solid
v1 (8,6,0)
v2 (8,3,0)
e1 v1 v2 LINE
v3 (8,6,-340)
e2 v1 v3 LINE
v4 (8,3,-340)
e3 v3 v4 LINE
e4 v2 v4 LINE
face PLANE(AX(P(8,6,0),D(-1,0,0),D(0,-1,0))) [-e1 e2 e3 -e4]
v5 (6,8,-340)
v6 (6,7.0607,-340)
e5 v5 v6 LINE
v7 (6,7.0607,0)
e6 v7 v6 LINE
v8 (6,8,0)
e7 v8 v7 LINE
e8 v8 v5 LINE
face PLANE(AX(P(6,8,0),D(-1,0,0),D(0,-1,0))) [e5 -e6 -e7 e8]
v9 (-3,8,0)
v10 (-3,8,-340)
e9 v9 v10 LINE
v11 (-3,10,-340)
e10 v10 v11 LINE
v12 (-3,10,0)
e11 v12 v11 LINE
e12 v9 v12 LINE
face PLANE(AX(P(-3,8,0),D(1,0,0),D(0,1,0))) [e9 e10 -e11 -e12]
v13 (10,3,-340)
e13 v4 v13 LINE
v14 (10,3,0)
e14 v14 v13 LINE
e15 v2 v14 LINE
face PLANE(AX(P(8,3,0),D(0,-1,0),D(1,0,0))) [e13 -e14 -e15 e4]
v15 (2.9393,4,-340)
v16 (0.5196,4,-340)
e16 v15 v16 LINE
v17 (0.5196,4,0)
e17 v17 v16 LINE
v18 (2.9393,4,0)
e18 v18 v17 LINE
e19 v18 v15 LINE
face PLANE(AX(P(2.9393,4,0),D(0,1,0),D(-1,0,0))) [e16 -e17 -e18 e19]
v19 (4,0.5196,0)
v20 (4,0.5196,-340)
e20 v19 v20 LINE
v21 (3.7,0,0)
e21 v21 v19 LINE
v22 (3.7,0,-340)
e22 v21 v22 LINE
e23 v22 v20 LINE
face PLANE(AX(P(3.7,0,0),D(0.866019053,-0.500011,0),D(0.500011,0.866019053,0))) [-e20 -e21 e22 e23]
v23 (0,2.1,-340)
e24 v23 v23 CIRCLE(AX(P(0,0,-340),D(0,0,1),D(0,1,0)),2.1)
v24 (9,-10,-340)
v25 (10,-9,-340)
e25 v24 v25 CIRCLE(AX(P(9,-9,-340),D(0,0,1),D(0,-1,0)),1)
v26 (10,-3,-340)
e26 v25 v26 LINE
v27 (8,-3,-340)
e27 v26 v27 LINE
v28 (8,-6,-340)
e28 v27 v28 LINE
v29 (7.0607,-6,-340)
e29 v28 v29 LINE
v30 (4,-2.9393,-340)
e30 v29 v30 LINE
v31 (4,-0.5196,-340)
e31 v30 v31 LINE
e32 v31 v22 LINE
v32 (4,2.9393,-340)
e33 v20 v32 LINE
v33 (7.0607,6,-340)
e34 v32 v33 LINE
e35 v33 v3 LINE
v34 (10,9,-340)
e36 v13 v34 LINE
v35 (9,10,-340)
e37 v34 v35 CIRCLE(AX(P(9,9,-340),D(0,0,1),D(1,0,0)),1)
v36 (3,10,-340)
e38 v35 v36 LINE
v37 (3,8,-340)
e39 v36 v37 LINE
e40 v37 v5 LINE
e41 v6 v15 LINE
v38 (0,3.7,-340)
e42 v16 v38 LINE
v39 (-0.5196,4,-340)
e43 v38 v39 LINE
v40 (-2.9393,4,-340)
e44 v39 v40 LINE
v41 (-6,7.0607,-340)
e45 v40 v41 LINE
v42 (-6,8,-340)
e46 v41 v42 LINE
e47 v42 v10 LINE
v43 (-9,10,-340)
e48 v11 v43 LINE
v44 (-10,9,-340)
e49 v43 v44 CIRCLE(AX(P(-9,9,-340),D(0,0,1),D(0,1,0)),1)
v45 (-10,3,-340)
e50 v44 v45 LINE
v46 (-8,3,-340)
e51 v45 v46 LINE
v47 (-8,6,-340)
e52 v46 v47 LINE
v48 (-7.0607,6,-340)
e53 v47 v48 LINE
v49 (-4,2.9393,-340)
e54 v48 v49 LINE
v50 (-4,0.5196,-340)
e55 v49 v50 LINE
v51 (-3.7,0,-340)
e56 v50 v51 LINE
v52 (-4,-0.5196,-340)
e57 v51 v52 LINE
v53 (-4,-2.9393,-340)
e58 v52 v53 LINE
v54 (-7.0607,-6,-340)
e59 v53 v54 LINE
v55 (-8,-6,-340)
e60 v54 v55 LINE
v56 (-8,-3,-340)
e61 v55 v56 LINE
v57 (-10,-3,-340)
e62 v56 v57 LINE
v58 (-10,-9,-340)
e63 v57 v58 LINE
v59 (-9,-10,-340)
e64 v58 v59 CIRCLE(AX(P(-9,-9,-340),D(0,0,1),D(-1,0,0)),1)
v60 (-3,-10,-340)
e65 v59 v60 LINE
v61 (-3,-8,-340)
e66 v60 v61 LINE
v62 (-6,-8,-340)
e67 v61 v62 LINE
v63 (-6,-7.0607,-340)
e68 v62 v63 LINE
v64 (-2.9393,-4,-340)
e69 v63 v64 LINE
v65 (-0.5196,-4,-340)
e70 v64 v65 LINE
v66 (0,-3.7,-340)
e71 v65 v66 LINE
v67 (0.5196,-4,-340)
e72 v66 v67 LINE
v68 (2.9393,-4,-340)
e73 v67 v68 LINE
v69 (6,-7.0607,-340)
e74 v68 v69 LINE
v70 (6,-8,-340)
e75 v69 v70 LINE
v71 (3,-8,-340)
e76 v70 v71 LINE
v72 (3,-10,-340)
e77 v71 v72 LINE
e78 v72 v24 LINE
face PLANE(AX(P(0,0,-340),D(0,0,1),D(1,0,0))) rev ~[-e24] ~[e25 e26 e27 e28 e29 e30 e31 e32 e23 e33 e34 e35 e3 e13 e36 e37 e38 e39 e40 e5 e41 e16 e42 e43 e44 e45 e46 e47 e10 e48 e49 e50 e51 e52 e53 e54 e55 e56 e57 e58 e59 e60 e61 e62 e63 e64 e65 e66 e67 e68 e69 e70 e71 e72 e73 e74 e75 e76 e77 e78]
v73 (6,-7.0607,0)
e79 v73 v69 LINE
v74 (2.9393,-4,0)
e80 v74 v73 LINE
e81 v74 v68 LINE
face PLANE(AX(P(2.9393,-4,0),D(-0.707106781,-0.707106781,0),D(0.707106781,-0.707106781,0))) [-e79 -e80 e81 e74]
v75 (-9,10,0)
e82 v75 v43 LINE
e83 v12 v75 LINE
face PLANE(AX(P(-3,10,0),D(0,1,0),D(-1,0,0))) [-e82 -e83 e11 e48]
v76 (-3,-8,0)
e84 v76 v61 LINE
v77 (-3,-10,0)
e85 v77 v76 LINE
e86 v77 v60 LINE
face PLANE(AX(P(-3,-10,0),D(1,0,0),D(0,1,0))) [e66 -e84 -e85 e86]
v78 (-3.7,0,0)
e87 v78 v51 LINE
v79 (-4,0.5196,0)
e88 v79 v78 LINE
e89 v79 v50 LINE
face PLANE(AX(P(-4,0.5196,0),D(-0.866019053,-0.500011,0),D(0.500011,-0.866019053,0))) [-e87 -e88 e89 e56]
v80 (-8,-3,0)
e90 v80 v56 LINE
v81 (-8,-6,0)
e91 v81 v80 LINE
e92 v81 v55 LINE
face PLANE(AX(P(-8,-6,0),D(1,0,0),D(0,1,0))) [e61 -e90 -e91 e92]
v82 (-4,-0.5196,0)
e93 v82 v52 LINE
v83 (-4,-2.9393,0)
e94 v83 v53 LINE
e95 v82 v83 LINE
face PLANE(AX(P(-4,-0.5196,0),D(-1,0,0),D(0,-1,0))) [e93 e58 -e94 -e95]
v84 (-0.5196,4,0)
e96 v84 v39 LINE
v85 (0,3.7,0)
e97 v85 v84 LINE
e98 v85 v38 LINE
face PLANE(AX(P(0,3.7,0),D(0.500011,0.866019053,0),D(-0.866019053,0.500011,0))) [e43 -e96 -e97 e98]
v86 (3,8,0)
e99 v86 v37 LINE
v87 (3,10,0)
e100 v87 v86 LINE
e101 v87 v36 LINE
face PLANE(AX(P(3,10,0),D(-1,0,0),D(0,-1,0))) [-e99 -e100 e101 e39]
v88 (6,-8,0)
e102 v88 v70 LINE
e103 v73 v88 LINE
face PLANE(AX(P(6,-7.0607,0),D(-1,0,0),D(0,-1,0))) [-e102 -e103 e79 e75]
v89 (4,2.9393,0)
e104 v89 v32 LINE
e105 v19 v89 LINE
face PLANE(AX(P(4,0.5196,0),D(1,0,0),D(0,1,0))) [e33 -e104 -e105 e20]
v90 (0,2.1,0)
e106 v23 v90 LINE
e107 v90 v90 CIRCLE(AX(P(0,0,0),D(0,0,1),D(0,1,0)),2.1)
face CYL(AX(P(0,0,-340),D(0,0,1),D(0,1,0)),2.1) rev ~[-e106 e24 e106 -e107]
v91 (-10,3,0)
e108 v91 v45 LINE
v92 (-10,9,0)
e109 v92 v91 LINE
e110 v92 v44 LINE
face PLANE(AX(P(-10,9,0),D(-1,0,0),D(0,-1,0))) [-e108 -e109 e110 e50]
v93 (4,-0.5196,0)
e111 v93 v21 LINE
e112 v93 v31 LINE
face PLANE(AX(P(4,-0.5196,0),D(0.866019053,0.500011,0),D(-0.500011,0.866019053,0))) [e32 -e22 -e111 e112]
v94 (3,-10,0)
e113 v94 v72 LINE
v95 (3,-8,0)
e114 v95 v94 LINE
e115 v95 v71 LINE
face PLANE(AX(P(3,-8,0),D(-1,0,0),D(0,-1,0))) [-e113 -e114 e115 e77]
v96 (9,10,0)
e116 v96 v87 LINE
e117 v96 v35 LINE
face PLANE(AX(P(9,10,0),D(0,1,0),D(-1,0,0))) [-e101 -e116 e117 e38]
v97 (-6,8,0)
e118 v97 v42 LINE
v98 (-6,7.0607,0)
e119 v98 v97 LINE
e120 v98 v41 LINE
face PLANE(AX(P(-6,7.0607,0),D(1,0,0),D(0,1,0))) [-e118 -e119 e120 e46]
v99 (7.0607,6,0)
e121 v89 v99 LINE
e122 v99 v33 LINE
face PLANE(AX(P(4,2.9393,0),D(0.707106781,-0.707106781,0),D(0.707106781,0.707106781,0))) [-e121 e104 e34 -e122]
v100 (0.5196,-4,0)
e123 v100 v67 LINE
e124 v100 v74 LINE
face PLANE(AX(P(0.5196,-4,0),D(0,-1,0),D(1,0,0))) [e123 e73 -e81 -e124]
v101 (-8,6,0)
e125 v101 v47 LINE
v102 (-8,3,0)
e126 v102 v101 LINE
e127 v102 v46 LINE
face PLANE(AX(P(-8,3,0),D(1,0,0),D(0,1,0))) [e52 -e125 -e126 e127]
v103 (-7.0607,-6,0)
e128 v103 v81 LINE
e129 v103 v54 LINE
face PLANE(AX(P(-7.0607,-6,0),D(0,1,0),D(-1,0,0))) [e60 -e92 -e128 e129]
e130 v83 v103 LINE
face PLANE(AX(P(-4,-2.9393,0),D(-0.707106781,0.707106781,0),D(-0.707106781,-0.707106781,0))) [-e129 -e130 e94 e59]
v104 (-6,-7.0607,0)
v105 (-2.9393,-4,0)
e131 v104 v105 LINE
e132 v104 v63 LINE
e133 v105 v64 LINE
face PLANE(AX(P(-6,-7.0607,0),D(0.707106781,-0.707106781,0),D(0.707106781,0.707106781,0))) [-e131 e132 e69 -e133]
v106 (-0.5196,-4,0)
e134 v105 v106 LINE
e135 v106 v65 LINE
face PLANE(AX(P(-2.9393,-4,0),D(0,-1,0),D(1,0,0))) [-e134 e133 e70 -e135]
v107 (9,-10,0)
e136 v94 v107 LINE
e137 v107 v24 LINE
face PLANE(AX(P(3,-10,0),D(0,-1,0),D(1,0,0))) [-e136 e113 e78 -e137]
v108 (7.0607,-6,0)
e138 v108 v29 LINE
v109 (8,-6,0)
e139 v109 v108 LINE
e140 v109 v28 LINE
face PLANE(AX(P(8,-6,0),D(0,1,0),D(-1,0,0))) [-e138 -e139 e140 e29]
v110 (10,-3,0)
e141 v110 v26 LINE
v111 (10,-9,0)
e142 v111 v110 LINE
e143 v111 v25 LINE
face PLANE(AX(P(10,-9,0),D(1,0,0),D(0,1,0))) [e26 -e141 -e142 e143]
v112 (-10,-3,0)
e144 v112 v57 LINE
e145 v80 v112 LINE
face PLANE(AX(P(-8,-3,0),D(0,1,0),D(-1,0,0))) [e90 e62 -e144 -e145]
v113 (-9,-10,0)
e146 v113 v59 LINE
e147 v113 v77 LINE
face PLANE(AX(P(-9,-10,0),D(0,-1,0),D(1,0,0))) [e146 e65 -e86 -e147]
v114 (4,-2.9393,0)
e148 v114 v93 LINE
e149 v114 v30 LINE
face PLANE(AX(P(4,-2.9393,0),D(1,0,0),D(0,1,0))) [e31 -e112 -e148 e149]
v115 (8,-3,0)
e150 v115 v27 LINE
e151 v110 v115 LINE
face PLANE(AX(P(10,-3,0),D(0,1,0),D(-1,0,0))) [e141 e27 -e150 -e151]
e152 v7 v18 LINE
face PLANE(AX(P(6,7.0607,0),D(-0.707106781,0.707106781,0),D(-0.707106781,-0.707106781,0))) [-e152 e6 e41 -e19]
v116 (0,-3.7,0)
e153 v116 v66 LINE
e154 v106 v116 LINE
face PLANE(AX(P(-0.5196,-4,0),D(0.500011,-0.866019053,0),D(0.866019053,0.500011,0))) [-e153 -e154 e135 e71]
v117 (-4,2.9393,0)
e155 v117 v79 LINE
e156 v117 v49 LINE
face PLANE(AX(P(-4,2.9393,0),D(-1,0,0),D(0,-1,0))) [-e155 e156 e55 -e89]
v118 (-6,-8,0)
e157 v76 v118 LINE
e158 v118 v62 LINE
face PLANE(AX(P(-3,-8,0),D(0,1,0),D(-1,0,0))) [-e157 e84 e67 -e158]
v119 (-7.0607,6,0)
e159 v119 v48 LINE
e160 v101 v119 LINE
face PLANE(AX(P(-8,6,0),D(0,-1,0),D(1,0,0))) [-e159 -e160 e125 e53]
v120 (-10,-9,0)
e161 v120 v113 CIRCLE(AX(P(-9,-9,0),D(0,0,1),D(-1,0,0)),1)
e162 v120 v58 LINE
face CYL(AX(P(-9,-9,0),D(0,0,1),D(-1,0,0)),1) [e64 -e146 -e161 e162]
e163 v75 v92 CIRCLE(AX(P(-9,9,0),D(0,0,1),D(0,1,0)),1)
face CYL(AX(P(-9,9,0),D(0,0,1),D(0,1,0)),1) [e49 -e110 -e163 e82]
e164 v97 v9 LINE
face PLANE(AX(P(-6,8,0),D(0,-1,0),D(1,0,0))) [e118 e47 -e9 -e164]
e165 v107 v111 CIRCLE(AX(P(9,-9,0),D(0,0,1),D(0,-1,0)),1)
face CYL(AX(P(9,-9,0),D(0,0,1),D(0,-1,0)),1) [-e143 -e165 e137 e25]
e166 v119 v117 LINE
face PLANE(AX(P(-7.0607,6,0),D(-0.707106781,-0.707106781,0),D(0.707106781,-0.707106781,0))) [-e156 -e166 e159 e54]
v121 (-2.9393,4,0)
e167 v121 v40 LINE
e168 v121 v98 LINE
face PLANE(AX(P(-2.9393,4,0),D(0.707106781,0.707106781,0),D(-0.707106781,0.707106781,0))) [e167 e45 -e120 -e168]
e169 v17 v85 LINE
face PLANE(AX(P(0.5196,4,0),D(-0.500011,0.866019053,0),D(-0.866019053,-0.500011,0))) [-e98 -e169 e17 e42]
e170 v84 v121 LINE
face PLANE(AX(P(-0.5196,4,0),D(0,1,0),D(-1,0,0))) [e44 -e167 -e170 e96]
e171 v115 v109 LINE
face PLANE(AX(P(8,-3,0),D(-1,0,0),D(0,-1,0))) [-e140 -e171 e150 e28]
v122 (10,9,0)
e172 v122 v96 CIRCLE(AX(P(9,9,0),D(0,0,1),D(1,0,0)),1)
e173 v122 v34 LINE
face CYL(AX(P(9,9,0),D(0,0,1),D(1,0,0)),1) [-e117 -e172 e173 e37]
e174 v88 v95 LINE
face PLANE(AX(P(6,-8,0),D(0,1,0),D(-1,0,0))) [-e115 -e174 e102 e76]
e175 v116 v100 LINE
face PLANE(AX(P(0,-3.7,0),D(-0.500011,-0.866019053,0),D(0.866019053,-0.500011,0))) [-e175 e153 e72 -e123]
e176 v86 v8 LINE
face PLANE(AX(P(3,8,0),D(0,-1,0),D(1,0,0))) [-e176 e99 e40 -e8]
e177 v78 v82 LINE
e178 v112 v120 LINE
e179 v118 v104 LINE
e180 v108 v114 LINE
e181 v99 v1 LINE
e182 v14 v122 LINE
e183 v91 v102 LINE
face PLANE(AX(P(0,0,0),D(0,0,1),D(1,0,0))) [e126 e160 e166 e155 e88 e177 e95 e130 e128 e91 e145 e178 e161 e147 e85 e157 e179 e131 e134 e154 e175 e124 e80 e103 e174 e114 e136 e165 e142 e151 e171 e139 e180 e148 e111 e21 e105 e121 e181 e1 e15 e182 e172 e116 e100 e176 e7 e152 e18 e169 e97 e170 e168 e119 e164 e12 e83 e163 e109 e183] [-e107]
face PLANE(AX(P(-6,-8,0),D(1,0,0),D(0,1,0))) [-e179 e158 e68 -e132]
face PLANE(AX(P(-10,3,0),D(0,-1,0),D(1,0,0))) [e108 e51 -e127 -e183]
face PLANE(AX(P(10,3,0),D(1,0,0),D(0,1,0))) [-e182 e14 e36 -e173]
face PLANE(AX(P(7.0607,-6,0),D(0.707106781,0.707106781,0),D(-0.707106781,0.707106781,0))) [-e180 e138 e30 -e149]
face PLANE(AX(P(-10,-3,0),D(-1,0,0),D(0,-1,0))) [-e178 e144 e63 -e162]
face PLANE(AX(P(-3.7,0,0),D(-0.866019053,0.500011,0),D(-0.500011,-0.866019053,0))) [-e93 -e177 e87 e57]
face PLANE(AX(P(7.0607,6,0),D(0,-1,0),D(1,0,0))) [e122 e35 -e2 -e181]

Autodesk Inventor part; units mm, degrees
sketch "Sketch_1" plane through (0, 0, 0) normal (0, 0, 1) x (1, 0, 0)
  line L0 (-10, -3) -> (-10, -9)
  arc A0 (-10, -9) -> (-9, -10) centre (-9, -9) ccw
  line L1 (-9, -10) -> (-3, -10)
  line L2 (-3, -10) -> (-3, -8)
  line L3 (-3, -8) -> (-6, -8)
  line L4 (-6, -8) -> (-6, -7.0607)
  line L5 (-6, -7.0607) -> (-2.9393, -4)
  line L6 (-2.9393, -4) -> (-0.5196, -4)
  line L7 (-0.5196, -4) -> (0, -3.7)
  line L8 (0, -3.7) -> (0.5196, -4)
  line L9 (0.5196, -4) -> (2.9393, -4)
  line L10 (2.9393, -4) -> (6, -7.0607)
  line L11 (6, -7.0607) -> (6, -8)
  line L12 (6, -8) -> (3, -8)
  line L13 (3, -8) -> (3, -10)
  line L14 (3, -10) -> (9, -10)
  arc A1 (9, -10) -> (10, -9) centre (9, -9) ccw
  line L15 (10, -9) -> (10, -3)
  line L16 (10, -3) -> (8, -3)
  line L17 (8, -3) -> (8, -6)
  line L18 (8, -6) -> (7.0607, -6)
  line L19 (7.0607, -6) -> (4, -2.9393)
  line L20 (4, -2.9393) -> (4, -0.5196)
  line L21 (4, -0.5196) -> (3.7, 0)
  line L22 (3.7, 0) -> (4, 0.5196)
  line L23 (4, 0.5196) -> (4, 2.9393)
  line L24 (4, 2.9393) -> (7.0607, 6)
  line L25 (7.0607, 6) -> (8, 6)
  line L26 (8, 6) -> (8, 3)
  line L27 (8, 3) -> (10, 3)
  line L28 (10, 3) -> (10, 9)
  arc A2 (10, 9) -> (9, 10) centre (9, 9) ccw
  line L29 (9, 10) -> (3, 10)
  line L30 (3, 10) -> (3, 8)
  line L31 (3, 8) -> (6, 8)
  line L32 (6, 8) -> (6, 7.0607)
  line L33 (6, 7.0607) -> (2.9393, 4)
  line L34 (2.9393, 4) -> (0.5196, 4)
  line L35 (0.5196, 4) -> (0, 3.7)
  line L36 (0, 3.7) -> (-0.5196, 4)
  line L37 (-0.5196, 4) -> (-2.9393, 4)
  line L38 (-2.9393, 4) -> (-6, 7.0607)
  line L39 (-6, 7.0607) -> (-6, 8)
  line L40 (-6, 8) -> (-3, 8)
  line L41 (-3, 8) -> (-3, 10)
  line L42 (-3, 10) -> (-9, 10)
  arc A3 (-9, 10) -> (-10, 9) centre (-9, 9) ccw
  line L43 (-10, 9) -> (-10, 3)
  line L44 (-10, 3) -> (-8, 3)
  line L45 (-8, 3) -> (-8, 6)
  line L46 (-8, 6) -> (-7.0607, 6)
  line L47 (-7.0607, 6) -> (-4, 2.9393)
  line L48 (-4, 2.9393) -> (-4, 0.5196)
  line L49 (-4, 0.5196) -> (-3.7, 0)
  line L50 (-3.7, 0) -> (-4, -0.5196)
  line L51 (-4, -0.5196) -> (-4, -2.9393)
  line L52 (-4, -2.9393) -> (-7.0607, -6)
  line L53 (-7.0607, -6) -> (-8, -6)
  line L54 (-8, -6) -> (-8, -3)
  line L55 (-8, -3) -> (-10, -3)
extrude "Extrusion1" add sketch "Sketch_1" against normal blind 340
sketch "Sketch2" plane through (0, 0, -340) normal (0, 0, -1) x (-1, 0, 0)
  point P0 (0, 0)
hole "Hole1" at (0, 0, -340) direction (0, 0, 1) diameter 4.2 depth 340
ref_plane "C1_XY" through (0, 0, 0) normal (0, 0, 1) x (1, 0, 0)
ref_plane "C1_YZ" through (0, 0, 0) normal (1, 0, 0) x (0, 1, 0)
ref_plane "C1_ZX" through (0, 0, 0) normal (0, 1, 0) x (0, 0, 1)
properties part number "HFS5-2020-340"
